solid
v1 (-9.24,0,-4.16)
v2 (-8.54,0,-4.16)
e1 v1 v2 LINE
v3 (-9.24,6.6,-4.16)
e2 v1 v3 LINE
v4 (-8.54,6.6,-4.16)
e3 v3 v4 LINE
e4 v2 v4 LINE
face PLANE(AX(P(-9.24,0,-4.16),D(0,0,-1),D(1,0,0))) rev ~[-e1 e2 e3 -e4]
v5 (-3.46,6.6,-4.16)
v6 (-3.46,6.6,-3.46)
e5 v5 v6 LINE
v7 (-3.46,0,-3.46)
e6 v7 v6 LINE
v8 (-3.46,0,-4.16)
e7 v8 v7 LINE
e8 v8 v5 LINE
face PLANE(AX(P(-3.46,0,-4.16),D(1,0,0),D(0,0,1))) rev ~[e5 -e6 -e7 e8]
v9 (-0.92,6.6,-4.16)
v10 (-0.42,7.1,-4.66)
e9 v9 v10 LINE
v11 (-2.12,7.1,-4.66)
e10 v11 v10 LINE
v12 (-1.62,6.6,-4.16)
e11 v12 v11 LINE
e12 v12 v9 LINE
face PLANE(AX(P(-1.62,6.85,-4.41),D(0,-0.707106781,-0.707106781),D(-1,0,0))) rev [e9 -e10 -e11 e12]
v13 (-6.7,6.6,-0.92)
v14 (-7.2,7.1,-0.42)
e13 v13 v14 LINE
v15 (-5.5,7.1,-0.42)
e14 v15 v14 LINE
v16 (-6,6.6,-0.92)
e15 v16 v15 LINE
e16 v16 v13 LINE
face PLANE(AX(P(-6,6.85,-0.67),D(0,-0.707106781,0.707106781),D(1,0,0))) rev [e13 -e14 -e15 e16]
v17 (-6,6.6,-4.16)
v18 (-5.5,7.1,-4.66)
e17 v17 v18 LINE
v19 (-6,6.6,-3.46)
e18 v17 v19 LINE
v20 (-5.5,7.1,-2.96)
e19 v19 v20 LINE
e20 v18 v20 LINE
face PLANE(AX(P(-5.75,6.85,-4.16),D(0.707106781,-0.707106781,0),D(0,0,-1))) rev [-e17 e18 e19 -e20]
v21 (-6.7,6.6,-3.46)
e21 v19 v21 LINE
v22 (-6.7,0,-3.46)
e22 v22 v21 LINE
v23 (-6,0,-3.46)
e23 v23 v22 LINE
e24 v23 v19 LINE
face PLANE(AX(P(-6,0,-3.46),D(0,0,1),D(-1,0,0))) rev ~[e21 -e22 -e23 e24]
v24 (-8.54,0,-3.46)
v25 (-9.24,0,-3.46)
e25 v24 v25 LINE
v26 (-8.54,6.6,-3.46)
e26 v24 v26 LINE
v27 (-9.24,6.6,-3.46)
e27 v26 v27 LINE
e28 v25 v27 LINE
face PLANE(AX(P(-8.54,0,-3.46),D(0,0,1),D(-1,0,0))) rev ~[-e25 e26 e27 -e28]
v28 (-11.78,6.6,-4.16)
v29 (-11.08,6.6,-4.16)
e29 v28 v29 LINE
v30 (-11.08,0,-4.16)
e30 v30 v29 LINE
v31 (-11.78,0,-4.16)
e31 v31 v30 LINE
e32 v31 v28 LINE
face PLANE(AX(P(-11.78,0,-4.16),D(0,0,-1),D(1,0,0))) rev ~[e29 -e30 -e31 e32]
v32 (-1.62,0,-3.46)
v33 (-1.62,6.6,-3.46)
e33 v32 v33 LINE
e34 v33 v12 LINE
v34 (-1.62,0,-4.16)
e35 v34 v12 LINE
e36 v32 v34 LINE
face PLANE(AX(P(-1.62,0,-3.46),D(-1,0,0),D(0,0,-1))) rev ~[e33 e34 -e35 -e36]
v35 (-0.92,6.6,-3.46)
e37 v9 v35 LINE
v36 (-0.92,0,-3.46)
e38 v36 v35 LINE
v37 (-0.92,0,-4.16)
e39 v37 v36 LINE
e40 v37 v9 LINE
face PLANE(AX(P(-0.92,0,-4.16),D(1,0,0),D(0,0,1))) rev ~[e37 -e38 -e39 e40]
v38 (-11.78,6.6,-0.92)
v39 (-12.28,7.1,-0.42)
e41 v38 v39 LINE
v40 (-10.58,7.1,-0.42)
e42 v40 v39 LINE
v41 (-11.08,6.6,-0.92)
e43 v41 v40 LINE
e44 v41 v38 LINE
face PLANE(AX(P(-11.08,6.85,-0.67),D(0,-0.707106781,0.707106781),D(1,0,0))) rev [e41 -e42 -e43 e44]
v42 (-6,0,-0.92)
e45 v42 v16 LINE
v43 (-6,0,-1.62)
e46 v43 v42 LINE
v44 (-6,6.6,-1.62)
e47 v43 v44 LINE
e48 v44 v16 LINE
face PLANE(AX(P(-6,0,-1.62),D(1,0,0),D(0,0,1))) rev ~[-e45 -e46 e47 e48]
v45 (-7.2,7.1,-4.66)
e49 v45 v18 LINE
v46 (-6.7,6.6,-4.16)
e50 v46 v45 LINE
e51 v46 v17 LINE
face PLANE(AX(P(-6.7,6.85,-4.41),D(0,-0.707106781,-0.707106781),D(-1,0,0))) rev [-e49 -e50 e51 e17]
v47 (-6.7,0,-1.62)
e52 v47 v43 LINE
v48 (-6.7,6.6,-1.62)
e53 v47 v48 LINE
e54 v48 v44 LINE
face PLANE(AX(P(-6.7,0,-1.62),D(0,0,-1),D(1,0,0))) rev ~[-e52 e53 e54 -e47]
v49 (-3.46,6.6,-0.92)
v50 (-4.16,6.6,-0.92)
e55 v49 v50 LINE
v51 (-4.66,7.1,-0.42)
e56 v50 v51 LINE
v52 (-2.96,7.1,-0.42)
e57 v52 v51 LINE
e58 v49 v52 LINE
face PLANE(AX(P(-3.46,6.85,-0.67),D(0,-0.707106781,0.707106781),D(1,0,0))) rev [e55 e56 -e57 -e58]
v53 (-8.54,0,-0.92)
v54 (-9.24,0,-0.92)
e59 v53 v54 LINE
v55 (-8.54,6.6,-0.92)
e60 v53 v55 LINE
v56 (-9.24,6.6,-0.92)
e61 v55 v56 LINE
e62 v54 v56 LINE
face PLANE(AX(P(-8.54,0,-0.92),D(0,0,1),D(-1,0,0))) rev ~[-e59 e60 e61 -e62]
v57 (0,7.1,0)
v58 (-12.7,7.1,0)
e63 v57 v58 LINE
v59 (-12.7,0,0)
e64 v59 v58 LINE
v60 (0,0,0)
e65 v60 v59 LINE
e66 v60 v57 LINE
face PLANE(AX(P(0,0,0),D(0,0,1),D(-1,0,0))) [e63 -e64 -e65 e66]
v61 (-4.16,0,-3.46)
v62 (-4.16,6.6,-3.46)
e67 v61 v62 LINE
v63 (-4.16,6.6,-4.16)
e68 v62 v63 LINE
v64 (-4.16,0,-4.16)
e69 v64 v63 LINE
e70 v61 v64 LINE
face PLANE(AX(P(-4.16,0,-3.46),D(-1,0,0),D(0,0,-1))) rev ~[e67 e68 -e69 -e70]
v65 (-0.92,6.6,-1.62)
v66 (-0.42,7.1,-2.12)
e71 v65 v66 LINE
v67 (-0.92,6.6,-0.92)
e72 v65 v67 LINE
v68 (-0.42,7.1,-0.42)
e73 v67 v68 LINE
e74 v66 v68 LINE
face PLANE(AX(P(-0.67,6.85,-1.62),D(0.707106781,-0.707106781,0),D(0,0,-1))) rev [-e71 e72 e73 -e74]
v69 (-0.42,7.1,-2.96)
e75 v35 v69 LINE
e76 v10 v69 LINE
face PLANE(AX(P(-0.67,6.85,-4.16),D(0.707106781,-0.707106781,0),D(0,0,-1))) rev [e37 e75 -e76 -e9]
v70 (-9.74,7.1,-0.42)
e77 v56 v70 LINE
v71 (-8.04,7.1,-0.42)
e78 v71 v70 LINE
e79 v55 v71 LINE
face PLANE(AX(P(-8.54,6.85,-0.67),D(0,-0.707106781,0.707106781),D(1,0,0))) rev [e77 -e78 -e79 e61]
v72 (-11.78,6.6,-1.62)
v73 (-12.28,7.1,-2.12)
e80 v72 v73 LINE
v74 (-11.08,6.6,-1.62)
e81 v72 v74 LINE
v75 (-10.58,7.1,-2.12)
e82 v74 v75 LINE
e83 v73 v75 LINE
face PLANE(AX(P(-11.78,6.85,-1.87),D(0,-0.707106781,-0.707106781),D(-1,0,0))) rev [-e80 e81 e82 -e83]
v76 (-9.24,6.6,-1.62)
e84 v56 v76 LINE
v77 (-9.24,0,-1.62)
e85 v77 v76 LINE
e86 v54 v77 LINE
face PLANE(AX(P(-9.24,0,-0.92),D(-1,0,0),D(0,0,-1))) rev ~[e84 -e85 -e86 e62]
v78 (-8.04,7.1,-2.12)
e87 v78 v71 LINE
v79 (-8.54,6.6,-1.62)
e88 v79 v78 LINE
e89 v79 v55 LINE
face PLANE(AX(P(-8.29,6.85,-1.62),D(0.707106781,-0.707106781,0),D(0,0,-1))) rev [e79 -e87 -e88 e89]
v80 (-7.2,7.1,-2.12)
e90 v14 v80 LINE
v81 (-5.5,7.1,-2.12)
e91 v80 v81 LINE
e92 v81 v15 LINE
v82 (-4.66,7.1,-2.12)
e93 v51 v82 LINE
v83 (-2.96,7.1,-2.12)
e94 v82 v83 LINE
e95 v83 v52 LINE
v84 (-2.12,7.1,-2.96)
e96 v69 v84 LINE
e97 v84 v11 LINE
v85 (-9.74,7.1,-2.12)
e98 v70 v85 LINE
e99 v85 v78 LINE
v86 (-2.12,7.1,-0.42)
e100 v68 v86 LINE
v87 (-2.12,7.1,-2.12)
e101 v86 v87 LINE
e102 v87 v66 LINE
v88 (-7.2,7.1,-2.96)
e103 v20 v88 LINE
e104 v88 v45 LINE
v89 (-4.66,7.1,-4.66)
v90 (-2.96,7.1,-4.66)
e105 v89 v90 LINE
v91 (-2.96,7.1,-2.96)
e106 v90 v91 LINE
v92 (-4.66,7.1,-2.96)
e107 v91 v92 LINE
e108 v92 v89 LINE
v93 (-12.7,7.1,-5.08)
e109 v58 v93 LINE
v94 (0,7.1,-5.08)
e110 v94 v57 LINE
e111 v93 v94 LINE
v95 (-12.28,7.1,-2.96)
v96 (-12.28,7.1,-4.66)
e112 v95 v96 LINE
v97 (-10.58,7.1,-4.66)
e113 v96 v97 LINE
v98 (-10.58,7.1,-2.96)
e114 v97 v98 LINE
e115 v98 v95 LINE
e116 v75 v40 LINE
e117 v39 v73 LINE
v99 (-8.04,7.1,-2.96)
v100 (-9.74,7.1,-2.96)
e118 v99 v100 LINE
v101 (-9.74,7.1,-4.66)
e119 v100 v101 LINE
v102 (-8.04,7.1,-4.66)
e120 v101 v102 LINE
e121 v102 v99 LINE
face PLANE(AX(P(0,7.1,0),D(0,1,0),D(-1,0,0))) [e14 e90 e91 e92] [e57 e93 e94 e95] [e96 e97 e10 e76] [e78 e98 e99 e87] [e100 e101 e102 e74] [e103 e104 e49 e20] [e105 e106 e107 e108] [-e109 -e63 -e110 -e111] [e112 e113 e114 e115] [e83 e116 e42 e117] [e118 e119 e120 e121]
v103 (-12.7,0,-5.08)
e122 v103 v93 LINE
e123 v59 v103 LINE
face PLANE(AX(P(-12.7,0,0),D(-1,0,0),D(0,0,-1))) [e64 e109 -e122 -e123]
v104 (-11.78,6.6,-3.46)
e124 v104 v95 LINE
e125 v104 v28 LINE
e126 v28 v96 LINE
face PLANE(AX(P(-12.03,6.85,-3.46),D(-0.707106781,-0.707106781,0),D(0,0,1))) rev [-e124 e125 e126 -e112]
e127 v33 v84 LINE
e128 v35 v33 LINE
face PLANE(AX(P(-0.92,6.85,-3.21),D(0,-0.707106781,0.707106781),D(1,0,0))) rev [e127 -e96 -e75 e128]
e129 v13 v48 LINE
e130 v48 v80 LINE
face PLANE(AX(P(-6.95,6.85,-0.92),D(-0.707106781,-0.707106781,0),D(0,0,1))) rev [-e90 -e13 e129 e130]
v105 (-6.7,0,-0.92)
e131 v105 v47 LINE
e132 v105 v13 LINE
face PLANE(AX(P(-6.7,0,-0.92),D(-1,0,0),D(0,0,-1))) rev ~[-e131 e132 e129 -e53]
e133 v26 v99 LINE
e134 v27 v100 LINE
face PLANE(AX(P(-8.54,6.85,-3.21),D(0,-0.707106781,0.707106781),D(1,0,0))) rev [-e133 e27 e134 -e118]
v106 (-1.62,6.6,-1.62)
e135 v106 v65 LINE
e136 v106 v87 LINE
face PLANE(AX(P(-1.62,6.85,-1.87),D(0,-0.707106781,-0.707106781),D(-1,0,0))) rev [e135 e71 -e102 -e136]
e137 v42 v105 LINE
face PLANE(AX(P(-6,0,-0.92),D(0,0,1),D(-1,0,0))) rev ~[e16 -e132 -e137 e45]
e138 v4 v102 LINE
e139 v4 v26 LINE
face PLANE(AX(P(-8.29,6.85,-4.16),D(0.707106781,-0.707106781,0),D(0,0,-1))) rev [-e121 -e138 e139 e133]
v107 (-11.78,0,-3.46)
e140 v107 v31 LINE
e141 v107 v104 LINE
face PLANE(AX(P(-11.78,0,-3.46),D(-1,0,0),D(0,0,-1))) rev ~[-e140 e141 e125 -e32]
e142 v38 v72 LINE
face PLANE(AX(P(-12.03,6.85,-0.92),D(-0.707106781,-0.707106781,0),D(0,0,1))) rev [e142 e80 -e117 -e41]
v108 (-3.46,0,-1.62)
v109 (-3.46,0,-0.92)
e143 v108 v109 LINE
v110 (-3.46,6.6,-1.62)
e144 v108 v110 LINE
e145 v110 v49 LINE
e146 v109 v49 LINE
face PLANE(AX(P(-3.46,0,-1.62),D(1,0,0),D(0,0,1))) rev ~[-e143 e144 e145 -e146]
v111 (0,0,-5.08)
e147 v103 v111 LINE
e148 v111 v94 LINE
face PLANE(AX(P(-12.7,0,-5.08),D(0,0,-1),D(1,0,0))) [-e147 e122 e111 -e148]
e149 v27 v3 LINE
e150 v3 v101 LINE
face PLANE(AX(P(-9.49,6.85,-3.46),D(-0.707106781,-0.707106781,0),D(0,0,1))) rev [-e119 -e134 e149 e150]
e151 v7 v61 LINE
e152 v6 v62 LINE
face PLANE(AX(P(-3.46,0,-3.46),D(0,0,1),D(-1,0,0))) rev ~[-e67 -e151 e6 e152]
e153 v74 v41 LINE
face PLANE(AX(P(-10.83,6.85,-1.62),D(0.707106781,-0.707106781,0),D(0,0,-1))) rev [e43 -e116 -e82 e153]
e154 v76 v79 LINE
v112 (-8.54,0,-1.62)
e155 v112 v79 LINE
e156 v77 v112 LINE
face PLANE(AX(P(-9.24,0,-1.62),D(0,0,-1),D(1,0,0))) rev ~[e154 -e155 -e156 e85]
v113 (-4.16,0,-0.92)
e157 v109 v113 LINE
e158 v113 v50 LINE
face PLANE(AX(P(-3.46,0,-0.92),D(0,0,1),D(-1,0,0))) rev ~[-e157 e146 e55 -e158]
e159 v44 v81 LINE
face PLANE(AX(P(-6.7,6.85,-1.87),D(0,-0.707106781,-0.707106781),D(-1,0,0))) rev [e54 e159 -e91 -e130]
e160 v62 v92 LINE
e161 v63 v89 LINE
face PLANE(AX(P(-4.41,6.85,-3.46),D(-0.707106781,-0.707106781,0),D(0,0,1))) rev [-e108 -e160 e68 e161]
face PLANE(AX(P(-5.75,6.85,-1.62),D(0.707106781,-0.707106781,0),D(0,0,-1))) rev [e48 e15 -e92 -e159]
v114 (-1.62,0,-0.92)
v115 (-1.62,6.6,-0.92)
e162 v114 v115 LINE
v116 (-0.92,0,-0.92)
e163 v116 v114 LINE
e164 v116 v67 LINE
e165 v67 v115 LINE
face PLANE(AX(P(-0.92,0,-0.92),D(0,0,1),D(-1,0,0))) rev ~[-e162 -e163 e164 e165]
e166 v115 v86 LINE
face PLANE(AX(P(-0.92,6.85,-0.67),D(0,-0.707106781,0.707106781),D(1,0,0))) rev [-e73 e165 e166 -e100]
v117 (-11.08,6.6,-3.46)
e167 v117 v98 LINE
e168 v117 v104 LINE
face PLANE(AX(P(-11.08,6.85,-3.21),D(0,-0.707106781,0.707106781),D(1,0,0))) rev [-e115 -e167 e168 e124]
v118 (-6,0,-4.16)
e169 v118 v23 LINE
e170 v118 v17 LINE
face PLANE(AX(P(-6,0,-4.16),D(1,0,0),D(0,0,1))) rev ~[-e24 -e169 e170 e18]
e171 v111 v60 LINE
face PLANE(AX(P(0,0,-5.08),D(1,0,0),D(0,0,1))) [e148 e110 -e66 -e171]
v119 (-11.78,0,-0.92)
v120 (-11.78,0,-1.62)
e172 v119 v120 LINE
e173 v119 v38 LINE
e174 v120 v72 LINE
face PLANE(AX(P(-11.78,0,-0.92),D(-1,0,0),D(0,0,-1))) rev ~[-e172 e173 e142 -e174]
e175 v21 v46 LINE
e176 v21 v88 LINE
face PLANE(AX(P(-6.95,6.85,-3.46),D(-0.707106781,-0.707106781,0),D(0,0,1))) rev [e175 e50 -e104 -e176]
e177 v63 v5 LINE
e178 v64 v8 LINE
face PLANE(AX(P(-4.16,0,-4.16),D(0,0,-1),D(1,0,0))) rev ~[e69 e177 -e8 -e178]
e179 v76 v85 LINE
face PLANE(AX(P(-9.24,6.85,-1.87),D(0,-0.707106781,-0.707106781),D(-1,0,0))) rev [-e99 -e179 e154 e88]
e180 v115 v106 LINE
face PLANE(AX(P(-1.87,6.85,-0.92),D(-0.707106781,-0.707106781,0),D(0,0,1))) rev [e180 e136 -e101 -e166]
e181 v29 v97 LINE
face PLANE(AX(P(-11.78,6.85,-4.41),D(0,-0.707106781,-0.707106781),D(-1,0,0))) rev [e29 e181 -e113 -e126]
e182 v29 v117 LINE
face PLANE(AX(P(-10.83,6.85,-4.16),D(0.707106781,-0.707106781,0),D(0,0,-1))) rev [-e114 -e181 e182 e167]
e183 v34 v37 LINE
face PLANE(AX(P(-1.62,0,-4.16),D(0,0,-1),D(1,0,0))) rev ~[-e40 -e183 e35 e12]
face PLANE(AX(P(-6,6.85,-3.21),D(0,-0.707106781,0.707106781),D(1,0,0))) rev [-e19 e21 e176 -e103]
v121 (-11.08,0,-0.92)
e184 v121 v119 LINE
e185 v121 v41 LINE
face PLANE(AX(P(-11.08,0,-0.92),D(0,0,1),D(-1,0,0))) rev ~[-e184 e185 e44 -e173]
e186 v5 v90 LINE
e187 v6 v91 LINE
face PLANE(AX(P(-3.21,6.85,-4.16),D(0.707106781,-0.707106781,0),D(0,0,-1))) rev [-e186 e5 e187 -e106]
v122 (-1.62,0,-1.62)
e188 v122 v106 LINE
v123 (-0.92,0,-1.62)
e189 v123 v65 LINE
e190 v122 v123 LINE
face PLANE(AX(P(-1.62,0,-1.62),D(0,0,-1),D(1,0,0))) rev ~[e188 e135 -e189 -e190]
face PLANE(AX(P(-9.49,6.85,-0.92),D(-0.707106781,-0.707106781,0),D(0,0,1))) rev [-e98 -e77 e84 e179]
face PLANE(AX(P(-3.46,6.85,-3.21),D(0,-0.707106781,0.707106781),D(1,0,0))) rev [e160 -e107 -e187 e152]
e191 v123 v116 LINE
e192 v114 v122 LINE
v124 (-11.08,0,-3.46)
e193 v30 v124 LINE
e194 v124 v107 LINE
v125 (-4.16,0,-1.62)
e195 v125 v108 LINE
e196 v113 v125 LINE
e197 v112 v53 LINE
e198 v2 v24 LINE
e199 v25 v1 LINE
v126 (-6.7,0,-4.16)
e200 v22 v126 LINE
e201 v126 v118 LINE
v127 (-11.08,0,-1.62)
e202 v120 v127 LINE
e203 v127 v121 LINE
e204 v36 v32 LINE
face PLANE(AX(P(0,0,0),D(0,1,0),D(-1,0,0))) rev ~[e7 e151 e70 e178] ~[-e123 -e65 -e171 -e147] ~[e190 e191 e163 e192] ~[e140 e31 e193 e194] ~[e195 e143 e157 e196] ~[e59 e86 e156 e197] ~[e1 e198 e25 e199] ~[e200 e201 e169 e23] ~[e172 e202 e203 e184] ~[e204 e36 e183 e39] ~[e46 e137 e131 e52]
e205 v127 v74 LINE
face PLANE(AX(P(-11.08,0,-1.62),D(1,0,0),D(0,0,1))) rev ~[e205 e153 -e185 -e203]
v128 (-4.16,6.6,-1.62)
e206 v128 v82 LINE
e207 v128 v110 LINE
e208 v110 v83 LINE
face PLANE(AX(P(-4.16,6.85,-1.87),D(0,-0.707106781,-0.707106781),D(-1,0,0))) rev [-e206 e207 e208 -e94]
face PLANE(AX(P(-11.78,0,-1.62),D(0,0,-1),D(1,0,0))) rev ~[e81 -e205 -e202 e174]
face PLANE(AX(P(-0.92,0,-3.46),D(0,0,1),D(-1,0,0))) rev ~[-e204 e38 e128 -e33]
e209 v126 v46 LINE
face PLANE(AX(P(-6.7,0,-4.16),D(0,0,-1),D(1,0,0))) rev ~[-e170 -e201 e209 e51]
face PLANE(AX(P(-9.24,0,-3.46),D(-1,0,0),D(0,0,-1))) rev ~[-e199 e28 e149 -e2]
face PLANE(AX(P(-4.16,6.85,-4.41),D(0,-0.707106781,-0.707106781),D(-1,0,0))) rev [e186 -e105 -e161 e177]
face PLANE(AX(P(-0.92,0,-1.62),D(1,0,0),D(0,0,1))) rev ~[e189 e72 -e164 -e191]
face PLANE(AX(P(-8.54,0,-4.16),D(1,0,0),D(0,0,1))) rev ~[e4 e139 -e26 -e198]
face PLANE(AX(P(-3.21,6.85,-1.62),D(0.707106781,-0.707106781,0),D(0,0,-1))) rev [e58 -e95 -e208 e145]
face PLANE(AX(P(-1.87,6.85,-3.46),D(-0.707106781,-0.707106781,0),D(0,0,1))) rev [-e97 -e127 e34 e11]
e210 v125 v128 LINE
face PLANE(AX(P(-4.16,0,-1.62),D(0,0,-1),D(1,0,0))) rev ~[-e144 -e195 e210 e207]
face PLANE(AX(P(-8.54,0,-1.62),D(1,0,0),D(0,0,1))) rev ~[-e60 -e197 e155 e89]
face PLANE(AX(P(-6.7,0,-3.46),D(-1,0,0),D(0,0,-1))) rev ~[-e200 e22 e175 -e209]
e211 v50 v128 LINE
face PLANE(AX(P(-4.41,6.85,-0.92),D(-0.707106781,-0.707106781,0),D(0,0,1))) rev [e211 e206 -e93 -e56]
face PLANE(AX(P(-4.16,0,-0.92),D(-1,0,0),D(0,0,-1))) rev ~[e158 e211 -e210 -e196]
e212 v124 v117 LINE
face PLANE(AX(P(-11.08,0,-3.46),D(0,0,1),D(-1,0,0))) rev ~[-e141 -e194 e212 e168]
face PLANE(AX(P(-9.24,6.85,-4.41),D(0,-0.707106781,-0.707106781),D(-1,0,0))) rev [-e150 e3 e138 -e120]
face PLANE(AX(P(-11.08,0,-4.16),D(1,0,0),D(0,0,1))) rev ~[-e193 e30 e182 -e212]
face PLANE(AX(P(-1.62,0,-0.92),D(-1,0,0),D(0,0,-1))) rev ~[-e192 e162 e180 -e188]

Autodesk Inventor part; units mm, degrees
ref_plane "YZ Plane" through (0, 0, 0) normal (1, 0, 0) x (0, 1, 0)
ref_plane "XZ Plane" through (0, 0, 0) normal (0, 1, 0) x (-1, 0, 0)
ref_plane "XY Plane" through (0, 0, 0) normal (0, 0, 1) x (1, 0, 0)
sketch "Sketch1" plane through (0, 0, 0) normal (0, 1, 0) x (-1, 0, 0)
  line L0 (0, 0) -> (12.7, 0)
  line L1 (12.7, 0) -> (12.7, -5.08)
  line L2 (12.7, -5.08) -> (0, -5.08)
  line L3 (0, -5.08) -> (0, 0)
  line L4 (11.08, -0.92) -> (11.78, -0.92)
  line L5 (11.78, -0.92) -> (11.78, -1.62)
  line L6 (11.78, -1.62) -> (11.08, -1.62)
  line L7 (11.08, -1.62) -> (11.08, -0.92)
  line L8 (11.08, -0.92) -> (11.78, -1.62) construction
  line L9 (11.78, -0.92) -> (11.08, -1.62) construction
  line L10 (11.08, -3.46) -> (11.78, -3.46)
  line L11 (11.78, -3.46) -> (11.78, -4.16)
  line L12 (11.78, -4.16) -> (11.08, -4.16)
  line L13 (11.08, -4.16) -> (11.08, -3.46)
  line L14 (11.08, -3.46) -> (11.78, -4.16) construction
  line L15 (11.78, -3.46) -> (11.08, -4.16) construction
  line L16 (8.54, -0.92) -> (9.24, -0.92)
  line L17 (9.24, -0.92) -> (9.24, -1.62)
  line L18 (9.24, -1.62) -> (8.54, -1.62)
  line L19 (8.54, -1.62) -> (8.54, -0.92)
  line L20 (8.54, -0.92) -> (9.24, -1.62) construction
  line L21 (9.24, -0.92) -> (8.54, -1.62) construction
  line L22 (8.54, -3.46) -> (9.24, -3.46)
  line L23 (9.24, -3.46) -> (9.24, -4.16)
  line L24 (9.24, -4.16) -> (8.54, -4.16)
  line L25 (8.54, -4.16) -> (8.54, -3.46)
  line L26 (8.54, -3.46) -> (9.24, -4.16) construction
  line L27 (9.24, -3.46) -> (8.54, -4.16) construction
  line L28 (6, -0.92) -> (6.7, -0.92)
  line L29 (6.7, -0.92) -> (6.7, -1.62)
  line L30 (6.7, -1.62) -> (6, -1.62)
  line L31 (6, -1.62) -> (6, -0.92)
  line L32 (6, -0.92) -> (6.7, -1.62) construction
  line L33 (6.7, -0.92) -> (6, -1.62) construction
  line L34 (6, -3.46) -> (6.7, -3.46)
  line L35 (6.7, -3.46) -> (6.7, -4.16)
  line L36 (6.7, -4.16) -> (6, -4.16)
  line L37 (6, -4.16) -> (6, -3.46)
  line L38 (6, -3.46) -> (6.7, -4.16) construction
  line L39 (6.7, -3.46) -> (6, -4.16) construction
  line L40 (3.46, -0.92) -> (4.16, -0.92)
  line L41 (4.16, -0.92) -> (4.16, -1.62)
  line L42 (4.16, -1.62) -> (3.46, -1.62)
  line L43 (3.46, -1.62) -> (3.46, -0.92)
  line L44 (3.46, -0.92) -> (4.16, -1.62) construction
  line L45 (4.16, -0.92) -> (3.46, -1.62) construction
  line L46 (3.46, -3.46) -> (4.16, -3.46)
  line L47 (4.16, -3.46) -> (4.16, -4.16)
  line L48 (4.16, -4.16) -> (3.46, -4.16)
  line L49 (3.46, -4.16) -> (3.46, -3.46)
  line L50 (3.46, -3.46) -> (4.16, -4.16) construction
  line L51 (4.16, -3.46) -> (3.46, -4.16) construction
  line L52 (0.92, -0.92) -> (1.62, -0.92)
  line L53 (1.62, -0.92) -> (1.62, -1.62)
  line L54 (1.62, -1.62) -> (0.92, -1.62)
  line L55 (0.92, -1.62) -> (0.92, -0.92)
  line L56 (0.92, -0.92) -> (1.62, -1.62) construction
  line L57 (1.62, -0.92) -> (0.92, -1.62) construction
  line L58 (0.92, -3.46) -> (1.62, -3.46)
  line L59 (1.62, -3.46) -> (1.62, -4.16)
  line L60 (1.62, -4.16) -> (0.92, -4.16)
  line L61 (0.92, -4.16) -> (0.92, -3.46)
  line L62 (0.92, -3.46) -> (1.62, -4.16) construction
  line L63 (1.62, -3.46) -> (0.92, -4.16) construction
  point P0 (11.43, -1.27)
  point P1 (11.43, -3.81)
  point P2 (8.89, -1.27)
  point P3 (8.89, -3.81)
  point P4 (6.35, -1.27)
  point P5 (6.35, -3.81)
  point P6 (3.81, -1.27)
  point P7 (3.81, -3.81)
  point P8 (1.27, -1.27)
  point P9 (1.27, -3.81)
  dimension "d0" = 12.7
  dimension "d1" = 5.08
  dimension "d2" = 0.7
  dimension "d3" = 0.7
  dimension "d6" = 2.54
  dimension "d9" = 2.54
  dimension "d12" = 1.27
  dimension "d13" = 1.27
extrude "Extrusion1" add sketch "Sketch1" along normal blind 7.1
chamfer "Chamfer1" distance 0.5 angle 45 40 edges at (-8.89, 7.1, -4.16) (-9.24, 7.1, -3.81) (-8.89, 7.1, -3.46) (-8.54, 7.1, -3.81) (-11.08, 7.1, -3.81) (-11.43, 7.1, -3.46) (-11.78, 7.1, -3.81) (-11.43, 7.1, -4.16) (-11.08, 7.1, -1.27) (-11.43, 7.1, -1.62) (-11.78, 7.1, -1.27) (-11.43, 7.1, -0.92) (-9.24, 7.1, -1.27) (-8.89, 7.1, -0.92) (-8.89, 7.1, -1.62) (-8.54, 7.1, -1.27) (-6.7, 7.1, -1.27) (-6.35, 7.1, -0.92) (-6.35, 7.1, -1.62) (-6, 7.1, -1.27) (-6.35, 7.1, -3.46) (-6.7, 7.1, -3.81) (-6.35, 7.1, -4.16) (-6, 7.1, -3.81) (-3.81, 7.1, -4.16) (-4.16, 7.1, -3.81) (-3.81, 7.1, -3.46) (-3.46, 7.1, -3.81) (-4.16, 7.1, -1.27) (-3.81, 7.1, -1.62) (-3.46, 7.1, -1.27) (-3.81, 7.1, -0.92) (-1.62, 7.1, -1.27) (-1.27, 7.1, -1.62) (-0.92, 7.1, -1.27) (-1.27, 7.1, -0.92) (-1.27, 7.1, -3.46) (-1.62, 7.1, -3.81) (-1.27, 7.1, -4.16) (-0.92, 7.1, -3.81)
equation "\"d2\" = d3"
equation "\"d12\" = d13"
properties part number "2x5_P2.54mm_female_header"
